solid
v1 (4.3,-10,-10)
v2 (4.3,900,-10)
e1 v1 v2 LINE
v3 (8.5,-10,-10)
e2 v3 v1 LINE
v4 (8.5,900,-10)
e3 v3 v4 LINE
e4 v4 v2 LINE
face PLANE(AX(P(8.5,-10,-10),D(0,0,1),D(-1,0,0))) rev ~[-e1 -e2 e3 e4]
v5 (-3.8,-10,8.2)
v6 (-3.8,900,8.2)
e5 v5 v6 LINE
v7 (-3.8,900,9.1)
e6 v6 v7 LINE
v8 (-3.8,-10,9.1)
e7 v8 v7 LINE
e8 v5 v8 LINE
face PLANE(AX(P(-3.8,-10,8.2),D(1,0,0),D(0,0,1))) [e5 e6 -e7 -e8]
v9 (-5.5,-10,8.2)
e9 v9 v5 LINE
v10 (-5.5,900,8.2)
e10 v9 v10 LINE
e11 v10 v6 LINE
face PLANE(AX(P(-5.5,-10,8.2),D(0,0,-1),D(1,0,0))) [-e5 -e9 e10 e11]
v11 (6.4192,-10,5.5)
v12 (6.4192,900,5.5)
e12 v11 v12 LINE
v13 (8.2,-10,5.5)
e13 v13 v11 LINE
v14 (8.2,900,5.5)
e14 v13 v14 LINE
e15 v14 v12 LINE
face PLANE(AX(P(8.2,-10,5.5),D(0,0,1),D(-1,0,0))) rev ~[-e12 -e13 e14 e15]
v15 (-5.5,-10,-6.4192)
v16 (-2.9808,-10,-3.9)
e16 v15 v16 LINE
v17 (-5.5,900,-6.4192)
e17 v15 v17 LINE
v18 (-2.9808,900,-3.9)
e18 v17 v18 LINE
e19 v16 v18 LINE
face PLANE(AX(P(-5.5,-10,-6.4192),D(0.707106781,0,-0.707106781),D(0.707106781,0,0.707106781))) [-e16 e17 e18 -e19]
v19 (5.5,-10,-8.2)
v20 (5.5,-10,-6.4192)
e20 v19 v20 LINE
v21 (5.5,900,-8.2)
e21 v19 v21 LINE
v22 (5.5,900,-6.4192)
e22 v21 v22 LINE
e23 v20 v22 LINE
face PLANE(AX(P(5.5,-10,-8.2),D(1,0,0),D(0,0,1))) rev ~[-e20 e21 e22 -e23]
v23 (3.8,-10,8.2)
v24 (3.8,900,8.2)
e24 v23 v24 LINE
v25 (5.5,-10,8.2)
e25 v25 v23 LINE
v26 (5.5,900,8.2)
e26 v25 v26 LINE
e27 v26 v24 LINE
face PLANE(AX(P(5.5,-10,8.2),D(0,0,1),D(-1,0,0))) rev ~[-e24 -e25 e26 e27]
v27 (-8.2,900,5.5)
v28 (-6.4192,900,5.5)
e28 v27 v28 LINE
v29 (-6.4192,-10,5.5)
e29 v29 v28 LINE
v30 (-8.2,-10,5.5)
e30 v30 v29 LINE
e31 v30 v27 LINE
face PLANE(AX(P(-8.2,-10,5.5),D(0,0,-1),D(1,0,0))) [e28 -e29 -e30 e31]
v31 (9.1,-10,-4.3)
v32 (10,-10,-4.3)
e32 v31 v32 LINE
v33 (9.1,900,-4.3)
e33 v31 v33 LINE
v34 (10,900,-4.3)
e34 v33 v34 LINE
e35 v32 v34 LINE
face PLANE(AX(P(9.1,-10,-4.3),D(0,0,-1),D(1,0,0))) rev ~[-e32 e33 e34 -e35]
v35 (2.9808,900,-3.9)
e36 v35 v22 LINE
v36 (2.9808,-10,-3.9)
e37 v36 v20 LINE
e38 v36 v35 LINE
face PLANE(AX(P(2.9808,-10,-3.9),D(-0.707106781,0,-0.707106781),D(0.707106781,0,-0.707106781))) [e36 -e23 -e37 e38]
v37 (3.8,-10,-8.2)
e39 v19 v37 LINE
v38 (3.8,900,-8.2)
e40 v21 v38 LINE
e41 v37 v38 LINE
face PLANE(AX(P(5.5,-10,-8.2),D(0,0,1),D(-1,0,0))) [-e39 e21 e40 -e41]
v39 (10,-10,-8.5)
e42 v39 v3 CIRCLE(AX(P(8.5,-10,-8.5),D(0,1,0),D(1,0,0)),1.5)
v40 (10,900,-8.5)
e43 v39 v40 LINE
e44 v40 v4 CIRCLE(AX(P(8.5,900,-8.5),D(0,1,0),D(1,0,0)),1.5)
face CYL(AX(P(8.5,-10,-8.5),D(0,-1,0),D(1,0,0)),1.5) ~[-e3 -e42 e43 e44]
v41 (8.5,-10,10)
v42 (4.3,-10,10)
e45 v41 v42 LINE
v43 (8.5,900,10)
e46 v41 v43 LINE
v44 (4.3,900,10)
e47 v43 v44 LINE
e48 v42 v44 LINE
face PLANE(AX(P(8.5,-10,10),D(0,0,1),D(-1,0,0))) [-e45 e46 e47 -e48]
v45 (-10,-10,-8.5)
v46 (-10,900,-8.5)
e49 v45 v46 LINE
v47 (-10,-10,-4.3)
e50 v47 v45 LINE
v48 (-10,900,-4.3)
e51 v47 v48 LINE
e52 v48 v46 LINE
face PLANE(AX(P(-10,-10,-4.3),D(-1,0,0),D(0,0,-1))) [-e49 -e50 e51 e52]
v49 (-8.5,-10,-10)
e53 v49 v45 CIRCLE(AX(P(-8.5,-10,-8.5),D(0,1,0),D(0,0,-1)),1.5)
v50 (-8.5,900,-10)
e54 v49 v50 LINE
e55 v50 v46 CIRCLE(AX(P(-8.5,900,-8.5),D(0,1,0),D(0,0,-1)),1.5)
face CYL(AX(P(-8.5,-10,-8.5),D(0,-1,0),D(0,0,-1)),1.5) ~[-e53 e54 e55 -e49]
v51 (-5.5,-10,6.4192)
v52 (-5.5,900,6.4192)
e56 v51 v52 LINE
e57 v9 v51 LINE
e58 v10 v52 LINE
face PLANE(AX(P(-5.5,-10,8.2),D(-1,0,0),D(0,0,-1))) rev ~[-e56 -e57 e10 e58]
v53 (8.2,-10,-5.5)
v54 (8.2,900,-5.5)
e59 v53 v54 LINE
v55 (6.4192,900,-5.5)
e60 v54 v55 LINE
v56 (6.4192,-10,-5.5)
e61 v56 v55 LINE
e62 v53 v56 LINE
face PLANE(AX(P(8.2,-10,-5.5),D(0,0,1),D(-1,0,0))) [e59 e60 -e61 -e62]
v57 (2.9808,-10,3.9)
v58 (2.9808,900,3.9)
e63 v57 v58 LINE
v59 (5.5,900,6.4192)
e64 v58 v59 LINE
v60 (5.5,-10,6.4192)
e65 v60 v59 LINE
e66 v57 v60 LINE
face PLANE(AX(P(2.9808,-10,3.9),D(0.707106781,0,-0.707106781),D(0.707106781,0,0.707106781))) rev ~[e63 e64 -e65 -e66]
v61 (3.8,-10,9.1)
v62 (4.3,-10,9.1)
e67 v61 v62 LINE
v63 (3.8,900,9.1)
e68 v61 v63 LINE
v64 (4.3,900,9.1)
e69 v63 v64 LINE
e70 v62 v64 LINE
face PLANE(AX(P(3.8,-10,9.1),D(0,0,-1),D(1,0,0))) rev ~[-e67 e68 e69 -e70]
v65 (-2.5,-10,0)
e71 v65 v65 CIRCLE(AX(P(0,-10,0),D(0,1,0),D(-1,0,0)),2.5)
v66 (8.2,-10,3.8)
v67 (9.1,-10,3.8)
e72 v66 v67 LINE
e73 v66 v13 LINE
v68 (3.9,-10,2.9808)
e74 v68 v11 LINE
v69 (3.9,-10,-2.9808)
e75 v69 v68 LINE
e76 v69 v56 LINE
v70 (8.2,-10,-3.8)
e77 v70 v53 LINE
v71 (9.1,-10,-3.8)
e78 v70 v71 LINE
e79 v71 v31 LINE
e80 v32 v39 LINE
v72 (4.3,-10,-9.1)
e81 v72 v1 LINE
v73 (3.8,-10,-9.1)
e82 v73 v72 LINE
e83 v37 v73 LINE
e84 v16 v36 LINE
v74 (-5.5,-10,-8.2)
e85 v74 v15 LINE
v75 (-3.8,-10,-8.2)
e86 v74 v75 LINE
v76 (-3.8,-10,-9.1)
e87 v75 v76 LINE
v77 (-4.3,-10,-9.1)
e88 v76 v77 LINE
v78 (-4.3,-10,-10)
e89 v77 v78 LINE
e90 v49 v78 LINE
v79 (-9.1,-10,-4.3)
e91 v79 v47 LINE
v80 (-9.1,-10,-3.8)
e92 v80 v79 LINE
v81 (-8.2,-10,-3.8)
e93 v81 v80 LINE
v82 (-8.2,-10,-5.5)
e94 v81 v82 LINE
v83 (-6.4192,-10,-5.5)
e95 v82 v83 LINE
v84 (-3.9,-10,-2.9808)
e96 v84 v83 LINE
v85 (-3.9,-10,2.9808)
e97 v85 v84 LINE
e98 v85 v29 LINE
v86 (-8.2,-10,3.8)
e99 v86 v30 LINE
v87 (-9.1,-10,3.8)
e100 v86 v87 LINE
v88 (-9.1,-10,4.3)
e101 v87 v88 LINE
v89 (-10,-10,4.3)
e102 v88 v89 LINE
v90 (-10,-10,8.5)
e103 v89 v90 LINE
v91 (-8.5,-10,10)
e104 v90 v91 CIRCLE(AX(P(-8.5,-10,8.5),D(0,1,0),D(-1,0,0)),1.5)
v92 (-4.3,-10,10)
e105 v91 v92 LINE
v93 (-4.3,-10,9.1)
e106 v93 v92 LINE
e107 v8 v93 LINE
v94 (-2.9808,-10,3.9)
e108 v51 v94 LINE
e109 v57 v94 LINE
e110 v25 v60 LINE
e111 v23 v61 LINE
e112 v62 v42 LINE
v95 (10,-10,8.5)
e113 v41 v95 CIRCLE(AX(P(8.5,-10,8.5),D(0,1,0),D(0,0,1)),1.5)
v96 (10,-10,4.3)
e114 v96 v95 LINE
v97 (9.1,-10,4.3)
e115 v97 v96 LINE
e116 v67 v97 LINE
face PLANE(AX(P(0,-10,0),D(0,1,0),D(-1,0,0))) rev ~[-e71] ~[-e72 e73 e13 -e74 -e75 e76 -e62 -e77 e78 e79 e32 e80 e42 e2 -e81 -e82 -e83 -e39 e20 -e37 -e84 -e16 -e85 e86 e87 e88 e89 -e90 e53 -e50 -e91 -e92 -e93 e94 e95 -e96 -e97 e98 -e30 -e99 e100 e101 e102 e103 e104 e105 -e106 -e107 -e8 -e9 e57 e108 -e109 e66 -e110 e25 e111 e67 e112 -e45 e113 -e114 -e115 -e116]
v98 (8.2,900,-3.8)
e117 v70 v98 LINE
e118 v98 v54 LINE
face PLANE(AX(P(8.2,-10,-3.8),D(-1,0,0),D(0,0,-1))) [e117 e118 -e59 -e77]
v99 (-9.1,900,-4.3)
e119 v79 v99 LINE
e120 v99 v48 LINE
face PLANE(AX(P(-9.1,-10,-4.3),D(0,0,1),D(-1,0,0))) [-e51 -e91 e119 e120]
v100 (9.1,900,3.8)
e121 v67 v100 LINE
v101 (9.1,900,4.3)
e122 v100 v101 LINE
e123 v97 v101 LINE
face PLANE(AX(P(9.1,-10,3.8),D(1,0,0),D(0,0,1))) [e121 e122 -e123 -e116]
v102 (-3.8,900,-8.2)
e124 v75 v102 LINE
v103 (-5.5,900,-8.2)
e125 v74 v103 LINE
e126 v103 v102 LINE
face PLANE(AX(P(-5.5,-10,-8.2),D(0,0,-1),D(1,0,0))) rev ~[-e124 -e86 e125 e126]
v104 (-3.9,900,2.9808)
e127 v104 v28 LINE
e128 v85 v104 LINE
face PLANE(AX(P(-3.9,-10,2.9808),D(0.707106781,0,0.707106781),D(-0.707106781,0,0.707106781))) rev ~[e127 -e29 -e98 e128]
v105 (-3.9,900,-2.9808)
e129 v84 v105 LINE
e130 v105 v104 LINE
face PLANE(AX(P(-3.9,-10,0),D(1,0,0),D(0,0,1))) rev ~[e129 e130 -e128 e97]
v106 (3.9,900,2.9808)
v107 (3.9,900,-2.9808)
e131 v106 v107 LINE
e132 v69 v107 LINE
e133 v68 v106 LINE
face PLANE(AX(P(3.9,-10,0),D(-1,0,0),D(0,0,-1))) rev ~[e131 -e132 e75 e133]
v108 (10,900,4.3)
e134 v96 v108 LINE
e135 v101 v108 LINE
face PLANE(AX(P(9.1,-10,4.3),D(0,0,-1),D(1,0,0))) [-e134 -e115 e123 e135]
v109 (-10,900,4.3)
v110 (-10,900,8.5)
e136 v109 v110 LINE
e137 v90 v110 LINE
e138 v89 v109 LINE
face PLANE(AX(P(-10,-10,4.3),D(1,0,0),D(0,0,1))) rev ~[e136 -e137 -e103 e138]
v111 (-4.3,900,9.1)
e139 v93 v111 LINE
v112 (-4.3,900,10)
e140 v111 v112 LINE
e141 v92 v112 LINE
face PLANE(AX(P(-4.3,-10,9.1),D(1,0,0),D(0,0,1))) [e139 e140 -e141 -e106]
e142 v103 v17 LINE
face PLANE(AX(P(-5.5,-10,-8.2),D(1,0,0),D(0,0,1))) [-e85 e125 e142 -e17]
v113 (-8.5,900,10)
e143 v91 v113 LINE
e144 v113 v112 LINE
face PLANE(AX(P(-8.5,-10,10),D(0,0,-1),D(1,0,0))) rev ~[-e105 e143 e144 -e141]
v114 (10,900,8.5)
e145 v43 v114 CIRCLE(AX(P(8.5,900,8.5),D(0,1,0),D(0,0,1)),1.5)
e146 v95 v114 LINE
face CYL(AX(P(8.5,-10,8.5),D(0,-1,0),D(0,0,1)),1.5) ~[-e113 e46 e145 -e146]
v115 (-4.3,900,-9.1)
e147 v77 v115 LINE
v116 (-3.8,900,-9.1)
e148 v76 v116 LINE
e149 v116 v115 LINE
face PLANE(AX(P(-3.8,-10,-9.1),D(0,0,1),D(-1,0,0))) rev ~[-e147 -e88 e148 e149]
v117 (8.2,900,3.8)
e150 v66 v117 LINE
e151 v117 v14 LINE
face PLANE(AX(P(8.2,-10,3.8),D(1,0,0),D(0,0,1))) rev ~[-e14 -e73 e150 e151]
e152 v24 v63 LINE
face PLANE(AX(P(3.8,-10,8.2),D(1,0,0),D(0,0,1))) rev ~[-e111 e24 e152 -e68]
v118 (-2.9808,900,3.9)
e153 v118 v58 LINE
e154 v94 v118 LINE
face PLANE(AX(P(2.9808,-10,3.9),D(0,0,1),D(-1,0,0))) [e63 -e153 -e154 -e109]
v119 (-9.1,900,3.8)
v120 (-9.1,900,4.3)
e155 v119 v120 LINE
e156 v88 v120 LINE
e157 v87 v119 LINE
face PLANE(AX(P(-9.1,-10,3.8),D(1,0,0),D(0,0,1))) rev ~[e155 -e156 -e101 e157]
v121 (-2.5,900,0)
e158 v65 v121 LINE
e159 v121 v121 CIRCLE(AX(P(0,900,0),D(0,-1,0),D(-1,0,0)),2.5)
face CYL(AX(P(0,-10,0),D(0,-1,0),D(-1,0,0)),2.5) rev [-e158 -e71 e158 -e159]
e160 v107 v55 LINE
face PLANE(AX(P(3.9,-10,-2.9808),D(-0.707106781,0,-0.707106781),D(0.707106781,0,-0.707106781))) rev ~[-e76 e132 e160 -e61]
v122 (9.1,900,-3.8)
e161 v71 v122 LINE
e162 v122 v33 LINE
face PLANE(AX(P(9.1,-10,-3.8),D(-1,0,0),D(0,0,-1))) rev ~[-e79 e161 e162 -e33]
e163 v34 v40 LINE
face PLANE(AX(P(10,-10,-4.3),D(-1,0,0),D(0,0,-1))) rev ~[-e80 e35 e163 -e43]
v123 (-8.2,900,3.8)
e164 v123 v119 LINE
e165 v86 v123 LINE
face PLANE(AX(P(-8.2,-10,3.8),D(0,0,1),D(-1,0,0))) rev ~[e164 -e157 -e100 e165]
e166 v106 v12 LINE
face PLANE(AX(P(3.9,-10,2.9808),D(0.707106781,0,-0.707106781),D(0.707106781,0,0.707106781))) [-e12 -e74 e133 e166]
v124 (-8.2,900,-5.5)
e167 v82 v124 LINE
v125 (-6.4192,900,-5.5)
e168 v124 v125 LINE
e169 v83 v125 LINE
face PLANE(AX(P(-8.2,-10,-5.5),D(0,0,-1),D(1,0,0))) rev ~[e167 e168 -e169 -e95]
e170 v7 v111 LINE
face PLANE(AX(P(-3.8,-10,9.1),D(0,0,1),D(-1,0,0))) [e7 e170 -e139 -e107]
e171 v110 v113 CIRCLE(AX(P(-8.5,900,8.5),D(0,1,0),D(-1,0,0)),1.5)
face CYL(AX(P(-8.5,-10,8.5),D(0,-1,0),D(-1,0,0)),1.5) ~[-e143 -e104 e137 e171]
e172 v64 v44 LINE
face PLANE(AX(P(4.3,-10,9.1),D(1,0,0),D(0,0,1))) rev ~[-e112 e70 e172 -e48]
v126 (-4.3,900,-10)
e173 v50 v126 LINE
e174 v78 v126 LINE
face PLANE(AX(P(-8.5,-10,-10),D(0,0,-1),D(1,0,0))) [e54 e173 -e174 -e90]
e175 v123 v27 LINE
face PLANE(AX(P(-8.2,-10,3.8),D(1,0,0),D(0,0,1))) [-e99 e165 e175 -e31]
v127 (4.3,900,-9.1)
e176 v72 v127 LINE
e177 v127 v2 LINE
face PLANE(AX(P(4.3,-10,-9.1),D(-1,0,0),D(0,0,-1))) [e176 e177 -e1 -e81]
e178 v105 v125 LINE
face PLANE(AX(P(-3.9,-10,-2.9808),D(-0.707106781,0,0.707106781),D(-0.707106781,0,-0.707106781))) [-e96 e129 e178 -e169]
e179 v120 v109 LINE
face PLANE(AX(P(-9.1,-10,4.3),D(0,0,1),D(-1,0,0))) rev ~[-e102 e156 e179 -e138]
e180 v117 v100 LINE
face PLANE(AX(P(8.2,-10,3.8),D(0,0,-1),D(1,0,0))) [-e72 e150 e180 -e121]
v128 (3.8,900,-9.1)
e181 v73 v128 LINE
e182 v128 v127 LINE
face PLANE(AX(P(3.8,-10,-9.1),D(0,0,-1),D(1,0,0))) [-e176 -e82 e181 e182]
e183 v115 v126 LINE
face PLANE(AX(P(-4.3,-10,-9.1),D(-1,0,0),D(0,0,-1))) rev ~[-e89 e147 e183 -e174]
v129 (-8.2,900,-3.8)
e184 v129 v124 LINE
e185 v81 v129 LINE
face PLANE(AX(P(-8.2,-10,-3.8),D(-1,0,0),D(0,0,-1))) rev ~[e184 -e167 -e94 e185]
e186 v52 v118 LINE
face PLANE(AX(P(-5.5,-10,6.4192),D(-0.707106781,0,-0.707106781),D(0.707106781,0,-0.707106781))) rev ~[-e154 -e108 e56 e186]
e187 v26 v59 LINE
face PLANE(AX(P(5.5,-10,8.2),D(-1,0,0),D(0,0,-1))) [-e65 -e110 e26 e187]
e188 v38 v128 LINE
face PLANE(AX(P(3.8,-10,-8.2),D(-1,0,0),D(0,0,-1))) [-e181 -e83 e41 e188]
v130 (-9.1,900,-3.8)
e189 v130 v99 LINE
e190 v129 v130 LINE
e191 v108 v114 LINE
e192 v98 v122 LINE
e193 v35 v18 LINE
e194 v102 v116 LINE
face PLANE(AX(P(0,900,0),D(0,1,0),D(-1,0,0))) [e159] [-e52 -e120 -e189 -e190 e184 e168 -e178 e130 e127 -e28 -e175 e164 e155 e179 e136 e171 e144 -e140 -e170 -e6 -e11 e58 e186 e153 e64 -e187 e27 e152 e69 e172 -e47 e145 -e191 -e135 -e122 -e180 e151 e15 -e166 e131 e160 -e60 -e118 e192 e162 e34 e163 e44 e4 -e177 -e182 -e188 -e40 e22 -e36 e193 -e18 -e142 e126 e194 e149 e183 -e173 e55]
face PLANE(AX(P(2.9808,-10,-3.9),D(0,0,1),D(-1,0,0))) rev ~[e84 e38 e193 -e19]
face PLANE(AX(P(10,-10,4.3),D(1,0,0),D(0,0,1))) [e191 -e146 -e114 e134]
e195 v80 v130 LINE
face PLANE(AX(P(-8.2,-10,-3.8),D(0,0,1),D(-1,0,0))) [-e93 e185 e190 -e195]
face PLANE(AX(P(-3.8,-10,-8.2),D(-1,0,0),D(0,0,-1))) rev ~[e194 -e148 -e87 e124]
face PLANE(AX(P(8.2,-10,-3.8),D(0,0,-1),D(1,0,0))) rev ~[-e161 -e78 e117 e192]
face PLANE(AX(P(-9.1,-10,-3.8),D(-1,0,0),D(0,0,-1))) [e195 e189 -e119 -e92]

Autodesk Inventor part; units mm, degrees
ref_plane "起始平面" through (0, -10, 0) normal (0, 1, 0) x (-1, 0, 0)
ref_plane "终止平面" through (0, 900, 0) normal (0, 1, 0) x (-1, 0, 0)
sketch "草图" plane through (0, 0, 0) normal (0, 1, 0) x (-1, 0, 0)
  line L0 (-9.1, 10.0192) -> (-9.101, 10.0203)
  line L1 (-10, 10) -> (-9.5607, 9.5607) construction
  arc A0 (-8.5, 10) -> (-10, 8.5) centre (-8.5, 8.5) ccw
  circle A1 centre (0, 0) radius 2.5
  line L2 (-2.9808, 3.9) -> (0, 3.9)
  line L3 (-3.9, 0) -> (-3.9, 2.9808)
  line L4 (-2.5, 0) -> (-3.1, 0)
  line L5 (2.9808, 3.9) -> (0, 3.9)
  circle A2 centre (0, 0) radius 2.5
  circle A3 centre (0, 0) radius 2.5
  circle A4 centre (0, 0) radius 2.5
  line L6 (0, 16.3557) -> (0, -12.0006)
  line L7 (-4.3, 9.1) -> (-4.3, 10)
  line L8 (2.9808, -3.9) -> (0, -3.9)
  line L9 (-3.9, 0) -> (-3.9, -2.9808)
  line L10 (3.9, 0) -> (3.9, -2.9808)
  line L11 (-2.9808, -3.9) -> (-5.5, -6.4192)
  line L12 (-2.9808, -3.9) -> (0, -3.9)
  line L13 (3.8, -8.2) -> (3.8, -9.1)
  line L14 (5.5, -6.4192) -> (2.9808, -3.9)
  line L15 (3.8, -9.1) -> (4.3, -9.1)
  line L16 (5.5, -8.2) -> (3.8, -8.2)
  line L17 (5.5, -8.2) -> (5.5, -6.4192)
  line L18 (3.9, -2.9808) -> (6.4192, -5.5)
  line L19 (8.2, -3.8) -> (8.2, -5.5)
  line L20 (8.2, -5.5) -> (6.4192, -5.5)
  line L21 (8.2, -3.8) -> (9.1, -3.8)
  line L22 (9.1, -3.8) -> (9.1, -4.3)
  line L23 (9.1, -4.3) -> (10, -4.3)
  line L24 (10, -4.3) -> (10, -8.5)
  arc A5 (8.5, -10) -> (10, -8.5) centre (8.5, -8.5) ccw
  line L25 (8.5, -10) -> (4.3, -10)
  line L26 (4.3, -9.1) -> (4.3, -10)
  line L27 (5.5, 6.4192) -> (2.9808, 3.9)
  line L28 (3.9, 2.9808) -> (6.4192, 5.5)
  line L29 (10, 4.3) -> (10, 8.5)
  line L30 (3.9, 0) -> (3.9, 2.9808)
  line L31 (5.5, 8.2) -> (5.5, 6.4192)
  line L32 (5.5, 8.2) -> (3.8, 8.2)
  line L33 (4.3, 9.1) -> (4.3, 10)
  arc A6 (10, 8.5) -> (8.5, 10) centre (8.5, 8.5) ccw
  line L34 (8.5, 10) -> (4.3, 10)
  line L35 (8.2, 3.8) -> (9.1, 3.8)
  line L36 (9.1, 4.3) -> (10, 4.3)
  line L37 (9.1, 3.8) -> (9.1, 4.3)
  line L38 (8.2, 3.8) -> (8.2, 5.5)
  line L39 (8.2, 5.5) -> (6.4192, 5.5)
  line L40 (3.8, 8.2) -> (3.8, 9.1)
  line L41 (3.8, 9.1) -> (4.3, 9.1)
  line L42 (-10, 4.3) -> (-10, 8.5)
  line L43 (-8.5, 10) -> (-4.3, 10)
  line L44 (-9.1, 4.3) -> (-10, 4.3)
  line L45 (-9.1, 3.8) -> (-9.1, 4.3)
  line L46 (-8.2, 3.8) -> (-9.1, 3.8)
  line L47 (-8.2, 5.5) -> (-6.4192, 5.5)
  line L48 (-8.2, 3.8) -> (-8.2, 5.5)
  line L49 (-5.5, 8.2) -> (-5.5, 6.4192)
  line L50 (-3.8, 9.1) -> (-4.3, 9.1)
  line L51 (-3.8, 8.2) -> (-3.8, 9.1)
  line L52 (-5.5, 8.2) -> (-3.8, 8.2)
  line L53 (-3.9, 2.9808) -> (-6.4192, 5.5)
  line L54 (-2.9808, 3.9) -> (-5.5, 6.4192)
  line L55 (-5.5, -8.2) -> (-3.8, -8.2)
  line L56 (-5.5, -8.2) -> (-5.5, -6.4192)
  line L57 (-3.9, -2.9808) -> (-6.4192, -5.5)
  line L58 (-3.8, -8.2) -> (-3.8, -9.1)
  line L59 (-3.8, -9.1) -> (-4.3, -9.1)
  line L60 (-4.3, -9.1) -> (-4.3, -10)
  line L61 (-8.2, -5.5) -> (-6.4192, -5.5)
  line L62 (-8.2, -3.8) -> (-9.1, -3.8)
  line L63 (-9.1, -3.8) -> (-9.1, -4.3)
  line L64 (-8.5, -10) -> (-4.3, -10)
  line L65 (-9.1, -4.3) -> (-10, -4.3)
  line L66 (-10, -4.3) -> (-10, -8.5)
  arc A7 (-10, -8.5) -> (-8.5, -10) centre (-8.5, -8.5) ccw
  line L67 (-8.2, -3.8) -> (-8.2, -5.5)
  dimension "圆角" = 1.5
  dimension "宽度" = 20
extrude "实体" add sketch "草图" along normal up to surface (910 mm away) from surface at -10 contours L43 L7 L50 L51 L52 L49 L54 L2 L6 A1 L12 L11 L56 L55 L58 L59 L60 L64 A7 L66 L65 L63 L62 L67 L61 L57 L9 L3 L53 L47 L48 L46 L45 L44 L42 A0 | L5 L27 L31 L32 L40 L41 L33 L34 A6 L29 L36 L37 L35 L38 L39 L28 L30 L10 L18 L20 L19 L21 L22 L23 L24 A5 L25 L26 L15 L13 L16 L17 L14 L8 L6 A1
sketch "草图2" plane through (0, 0, 0) normal (0, 1, 0) x (-1, 0, 0)
  line L0 (0, 0) -> (10, 0)
ref_plane "工作平面3" through (0, 0, 0) normal (0, 0, -1) x (-1, 0, 0)
sketch "草图3" plane through (0, 0, 0) normal (0, 0, -1) x (-1, 0, 0)
  line L0 (-2, -10) -> (12, -10)
  line L1 (-2, 900) -> (12, 900)
  dimension "d11" = 910
ref_plane "工作平面4" through (-4.3, -10, 800) normal (0, -1, 0) x (1, 0, 0)
split "分割1" plane through (-4.3, -10, 800) removes the side toward (0, -1, 0)
equation "\"G_OFFSET_END\" = 0"
equation "\"G_L\" = d11"
properties part number "欧标 2020铝合金钢材-01"
